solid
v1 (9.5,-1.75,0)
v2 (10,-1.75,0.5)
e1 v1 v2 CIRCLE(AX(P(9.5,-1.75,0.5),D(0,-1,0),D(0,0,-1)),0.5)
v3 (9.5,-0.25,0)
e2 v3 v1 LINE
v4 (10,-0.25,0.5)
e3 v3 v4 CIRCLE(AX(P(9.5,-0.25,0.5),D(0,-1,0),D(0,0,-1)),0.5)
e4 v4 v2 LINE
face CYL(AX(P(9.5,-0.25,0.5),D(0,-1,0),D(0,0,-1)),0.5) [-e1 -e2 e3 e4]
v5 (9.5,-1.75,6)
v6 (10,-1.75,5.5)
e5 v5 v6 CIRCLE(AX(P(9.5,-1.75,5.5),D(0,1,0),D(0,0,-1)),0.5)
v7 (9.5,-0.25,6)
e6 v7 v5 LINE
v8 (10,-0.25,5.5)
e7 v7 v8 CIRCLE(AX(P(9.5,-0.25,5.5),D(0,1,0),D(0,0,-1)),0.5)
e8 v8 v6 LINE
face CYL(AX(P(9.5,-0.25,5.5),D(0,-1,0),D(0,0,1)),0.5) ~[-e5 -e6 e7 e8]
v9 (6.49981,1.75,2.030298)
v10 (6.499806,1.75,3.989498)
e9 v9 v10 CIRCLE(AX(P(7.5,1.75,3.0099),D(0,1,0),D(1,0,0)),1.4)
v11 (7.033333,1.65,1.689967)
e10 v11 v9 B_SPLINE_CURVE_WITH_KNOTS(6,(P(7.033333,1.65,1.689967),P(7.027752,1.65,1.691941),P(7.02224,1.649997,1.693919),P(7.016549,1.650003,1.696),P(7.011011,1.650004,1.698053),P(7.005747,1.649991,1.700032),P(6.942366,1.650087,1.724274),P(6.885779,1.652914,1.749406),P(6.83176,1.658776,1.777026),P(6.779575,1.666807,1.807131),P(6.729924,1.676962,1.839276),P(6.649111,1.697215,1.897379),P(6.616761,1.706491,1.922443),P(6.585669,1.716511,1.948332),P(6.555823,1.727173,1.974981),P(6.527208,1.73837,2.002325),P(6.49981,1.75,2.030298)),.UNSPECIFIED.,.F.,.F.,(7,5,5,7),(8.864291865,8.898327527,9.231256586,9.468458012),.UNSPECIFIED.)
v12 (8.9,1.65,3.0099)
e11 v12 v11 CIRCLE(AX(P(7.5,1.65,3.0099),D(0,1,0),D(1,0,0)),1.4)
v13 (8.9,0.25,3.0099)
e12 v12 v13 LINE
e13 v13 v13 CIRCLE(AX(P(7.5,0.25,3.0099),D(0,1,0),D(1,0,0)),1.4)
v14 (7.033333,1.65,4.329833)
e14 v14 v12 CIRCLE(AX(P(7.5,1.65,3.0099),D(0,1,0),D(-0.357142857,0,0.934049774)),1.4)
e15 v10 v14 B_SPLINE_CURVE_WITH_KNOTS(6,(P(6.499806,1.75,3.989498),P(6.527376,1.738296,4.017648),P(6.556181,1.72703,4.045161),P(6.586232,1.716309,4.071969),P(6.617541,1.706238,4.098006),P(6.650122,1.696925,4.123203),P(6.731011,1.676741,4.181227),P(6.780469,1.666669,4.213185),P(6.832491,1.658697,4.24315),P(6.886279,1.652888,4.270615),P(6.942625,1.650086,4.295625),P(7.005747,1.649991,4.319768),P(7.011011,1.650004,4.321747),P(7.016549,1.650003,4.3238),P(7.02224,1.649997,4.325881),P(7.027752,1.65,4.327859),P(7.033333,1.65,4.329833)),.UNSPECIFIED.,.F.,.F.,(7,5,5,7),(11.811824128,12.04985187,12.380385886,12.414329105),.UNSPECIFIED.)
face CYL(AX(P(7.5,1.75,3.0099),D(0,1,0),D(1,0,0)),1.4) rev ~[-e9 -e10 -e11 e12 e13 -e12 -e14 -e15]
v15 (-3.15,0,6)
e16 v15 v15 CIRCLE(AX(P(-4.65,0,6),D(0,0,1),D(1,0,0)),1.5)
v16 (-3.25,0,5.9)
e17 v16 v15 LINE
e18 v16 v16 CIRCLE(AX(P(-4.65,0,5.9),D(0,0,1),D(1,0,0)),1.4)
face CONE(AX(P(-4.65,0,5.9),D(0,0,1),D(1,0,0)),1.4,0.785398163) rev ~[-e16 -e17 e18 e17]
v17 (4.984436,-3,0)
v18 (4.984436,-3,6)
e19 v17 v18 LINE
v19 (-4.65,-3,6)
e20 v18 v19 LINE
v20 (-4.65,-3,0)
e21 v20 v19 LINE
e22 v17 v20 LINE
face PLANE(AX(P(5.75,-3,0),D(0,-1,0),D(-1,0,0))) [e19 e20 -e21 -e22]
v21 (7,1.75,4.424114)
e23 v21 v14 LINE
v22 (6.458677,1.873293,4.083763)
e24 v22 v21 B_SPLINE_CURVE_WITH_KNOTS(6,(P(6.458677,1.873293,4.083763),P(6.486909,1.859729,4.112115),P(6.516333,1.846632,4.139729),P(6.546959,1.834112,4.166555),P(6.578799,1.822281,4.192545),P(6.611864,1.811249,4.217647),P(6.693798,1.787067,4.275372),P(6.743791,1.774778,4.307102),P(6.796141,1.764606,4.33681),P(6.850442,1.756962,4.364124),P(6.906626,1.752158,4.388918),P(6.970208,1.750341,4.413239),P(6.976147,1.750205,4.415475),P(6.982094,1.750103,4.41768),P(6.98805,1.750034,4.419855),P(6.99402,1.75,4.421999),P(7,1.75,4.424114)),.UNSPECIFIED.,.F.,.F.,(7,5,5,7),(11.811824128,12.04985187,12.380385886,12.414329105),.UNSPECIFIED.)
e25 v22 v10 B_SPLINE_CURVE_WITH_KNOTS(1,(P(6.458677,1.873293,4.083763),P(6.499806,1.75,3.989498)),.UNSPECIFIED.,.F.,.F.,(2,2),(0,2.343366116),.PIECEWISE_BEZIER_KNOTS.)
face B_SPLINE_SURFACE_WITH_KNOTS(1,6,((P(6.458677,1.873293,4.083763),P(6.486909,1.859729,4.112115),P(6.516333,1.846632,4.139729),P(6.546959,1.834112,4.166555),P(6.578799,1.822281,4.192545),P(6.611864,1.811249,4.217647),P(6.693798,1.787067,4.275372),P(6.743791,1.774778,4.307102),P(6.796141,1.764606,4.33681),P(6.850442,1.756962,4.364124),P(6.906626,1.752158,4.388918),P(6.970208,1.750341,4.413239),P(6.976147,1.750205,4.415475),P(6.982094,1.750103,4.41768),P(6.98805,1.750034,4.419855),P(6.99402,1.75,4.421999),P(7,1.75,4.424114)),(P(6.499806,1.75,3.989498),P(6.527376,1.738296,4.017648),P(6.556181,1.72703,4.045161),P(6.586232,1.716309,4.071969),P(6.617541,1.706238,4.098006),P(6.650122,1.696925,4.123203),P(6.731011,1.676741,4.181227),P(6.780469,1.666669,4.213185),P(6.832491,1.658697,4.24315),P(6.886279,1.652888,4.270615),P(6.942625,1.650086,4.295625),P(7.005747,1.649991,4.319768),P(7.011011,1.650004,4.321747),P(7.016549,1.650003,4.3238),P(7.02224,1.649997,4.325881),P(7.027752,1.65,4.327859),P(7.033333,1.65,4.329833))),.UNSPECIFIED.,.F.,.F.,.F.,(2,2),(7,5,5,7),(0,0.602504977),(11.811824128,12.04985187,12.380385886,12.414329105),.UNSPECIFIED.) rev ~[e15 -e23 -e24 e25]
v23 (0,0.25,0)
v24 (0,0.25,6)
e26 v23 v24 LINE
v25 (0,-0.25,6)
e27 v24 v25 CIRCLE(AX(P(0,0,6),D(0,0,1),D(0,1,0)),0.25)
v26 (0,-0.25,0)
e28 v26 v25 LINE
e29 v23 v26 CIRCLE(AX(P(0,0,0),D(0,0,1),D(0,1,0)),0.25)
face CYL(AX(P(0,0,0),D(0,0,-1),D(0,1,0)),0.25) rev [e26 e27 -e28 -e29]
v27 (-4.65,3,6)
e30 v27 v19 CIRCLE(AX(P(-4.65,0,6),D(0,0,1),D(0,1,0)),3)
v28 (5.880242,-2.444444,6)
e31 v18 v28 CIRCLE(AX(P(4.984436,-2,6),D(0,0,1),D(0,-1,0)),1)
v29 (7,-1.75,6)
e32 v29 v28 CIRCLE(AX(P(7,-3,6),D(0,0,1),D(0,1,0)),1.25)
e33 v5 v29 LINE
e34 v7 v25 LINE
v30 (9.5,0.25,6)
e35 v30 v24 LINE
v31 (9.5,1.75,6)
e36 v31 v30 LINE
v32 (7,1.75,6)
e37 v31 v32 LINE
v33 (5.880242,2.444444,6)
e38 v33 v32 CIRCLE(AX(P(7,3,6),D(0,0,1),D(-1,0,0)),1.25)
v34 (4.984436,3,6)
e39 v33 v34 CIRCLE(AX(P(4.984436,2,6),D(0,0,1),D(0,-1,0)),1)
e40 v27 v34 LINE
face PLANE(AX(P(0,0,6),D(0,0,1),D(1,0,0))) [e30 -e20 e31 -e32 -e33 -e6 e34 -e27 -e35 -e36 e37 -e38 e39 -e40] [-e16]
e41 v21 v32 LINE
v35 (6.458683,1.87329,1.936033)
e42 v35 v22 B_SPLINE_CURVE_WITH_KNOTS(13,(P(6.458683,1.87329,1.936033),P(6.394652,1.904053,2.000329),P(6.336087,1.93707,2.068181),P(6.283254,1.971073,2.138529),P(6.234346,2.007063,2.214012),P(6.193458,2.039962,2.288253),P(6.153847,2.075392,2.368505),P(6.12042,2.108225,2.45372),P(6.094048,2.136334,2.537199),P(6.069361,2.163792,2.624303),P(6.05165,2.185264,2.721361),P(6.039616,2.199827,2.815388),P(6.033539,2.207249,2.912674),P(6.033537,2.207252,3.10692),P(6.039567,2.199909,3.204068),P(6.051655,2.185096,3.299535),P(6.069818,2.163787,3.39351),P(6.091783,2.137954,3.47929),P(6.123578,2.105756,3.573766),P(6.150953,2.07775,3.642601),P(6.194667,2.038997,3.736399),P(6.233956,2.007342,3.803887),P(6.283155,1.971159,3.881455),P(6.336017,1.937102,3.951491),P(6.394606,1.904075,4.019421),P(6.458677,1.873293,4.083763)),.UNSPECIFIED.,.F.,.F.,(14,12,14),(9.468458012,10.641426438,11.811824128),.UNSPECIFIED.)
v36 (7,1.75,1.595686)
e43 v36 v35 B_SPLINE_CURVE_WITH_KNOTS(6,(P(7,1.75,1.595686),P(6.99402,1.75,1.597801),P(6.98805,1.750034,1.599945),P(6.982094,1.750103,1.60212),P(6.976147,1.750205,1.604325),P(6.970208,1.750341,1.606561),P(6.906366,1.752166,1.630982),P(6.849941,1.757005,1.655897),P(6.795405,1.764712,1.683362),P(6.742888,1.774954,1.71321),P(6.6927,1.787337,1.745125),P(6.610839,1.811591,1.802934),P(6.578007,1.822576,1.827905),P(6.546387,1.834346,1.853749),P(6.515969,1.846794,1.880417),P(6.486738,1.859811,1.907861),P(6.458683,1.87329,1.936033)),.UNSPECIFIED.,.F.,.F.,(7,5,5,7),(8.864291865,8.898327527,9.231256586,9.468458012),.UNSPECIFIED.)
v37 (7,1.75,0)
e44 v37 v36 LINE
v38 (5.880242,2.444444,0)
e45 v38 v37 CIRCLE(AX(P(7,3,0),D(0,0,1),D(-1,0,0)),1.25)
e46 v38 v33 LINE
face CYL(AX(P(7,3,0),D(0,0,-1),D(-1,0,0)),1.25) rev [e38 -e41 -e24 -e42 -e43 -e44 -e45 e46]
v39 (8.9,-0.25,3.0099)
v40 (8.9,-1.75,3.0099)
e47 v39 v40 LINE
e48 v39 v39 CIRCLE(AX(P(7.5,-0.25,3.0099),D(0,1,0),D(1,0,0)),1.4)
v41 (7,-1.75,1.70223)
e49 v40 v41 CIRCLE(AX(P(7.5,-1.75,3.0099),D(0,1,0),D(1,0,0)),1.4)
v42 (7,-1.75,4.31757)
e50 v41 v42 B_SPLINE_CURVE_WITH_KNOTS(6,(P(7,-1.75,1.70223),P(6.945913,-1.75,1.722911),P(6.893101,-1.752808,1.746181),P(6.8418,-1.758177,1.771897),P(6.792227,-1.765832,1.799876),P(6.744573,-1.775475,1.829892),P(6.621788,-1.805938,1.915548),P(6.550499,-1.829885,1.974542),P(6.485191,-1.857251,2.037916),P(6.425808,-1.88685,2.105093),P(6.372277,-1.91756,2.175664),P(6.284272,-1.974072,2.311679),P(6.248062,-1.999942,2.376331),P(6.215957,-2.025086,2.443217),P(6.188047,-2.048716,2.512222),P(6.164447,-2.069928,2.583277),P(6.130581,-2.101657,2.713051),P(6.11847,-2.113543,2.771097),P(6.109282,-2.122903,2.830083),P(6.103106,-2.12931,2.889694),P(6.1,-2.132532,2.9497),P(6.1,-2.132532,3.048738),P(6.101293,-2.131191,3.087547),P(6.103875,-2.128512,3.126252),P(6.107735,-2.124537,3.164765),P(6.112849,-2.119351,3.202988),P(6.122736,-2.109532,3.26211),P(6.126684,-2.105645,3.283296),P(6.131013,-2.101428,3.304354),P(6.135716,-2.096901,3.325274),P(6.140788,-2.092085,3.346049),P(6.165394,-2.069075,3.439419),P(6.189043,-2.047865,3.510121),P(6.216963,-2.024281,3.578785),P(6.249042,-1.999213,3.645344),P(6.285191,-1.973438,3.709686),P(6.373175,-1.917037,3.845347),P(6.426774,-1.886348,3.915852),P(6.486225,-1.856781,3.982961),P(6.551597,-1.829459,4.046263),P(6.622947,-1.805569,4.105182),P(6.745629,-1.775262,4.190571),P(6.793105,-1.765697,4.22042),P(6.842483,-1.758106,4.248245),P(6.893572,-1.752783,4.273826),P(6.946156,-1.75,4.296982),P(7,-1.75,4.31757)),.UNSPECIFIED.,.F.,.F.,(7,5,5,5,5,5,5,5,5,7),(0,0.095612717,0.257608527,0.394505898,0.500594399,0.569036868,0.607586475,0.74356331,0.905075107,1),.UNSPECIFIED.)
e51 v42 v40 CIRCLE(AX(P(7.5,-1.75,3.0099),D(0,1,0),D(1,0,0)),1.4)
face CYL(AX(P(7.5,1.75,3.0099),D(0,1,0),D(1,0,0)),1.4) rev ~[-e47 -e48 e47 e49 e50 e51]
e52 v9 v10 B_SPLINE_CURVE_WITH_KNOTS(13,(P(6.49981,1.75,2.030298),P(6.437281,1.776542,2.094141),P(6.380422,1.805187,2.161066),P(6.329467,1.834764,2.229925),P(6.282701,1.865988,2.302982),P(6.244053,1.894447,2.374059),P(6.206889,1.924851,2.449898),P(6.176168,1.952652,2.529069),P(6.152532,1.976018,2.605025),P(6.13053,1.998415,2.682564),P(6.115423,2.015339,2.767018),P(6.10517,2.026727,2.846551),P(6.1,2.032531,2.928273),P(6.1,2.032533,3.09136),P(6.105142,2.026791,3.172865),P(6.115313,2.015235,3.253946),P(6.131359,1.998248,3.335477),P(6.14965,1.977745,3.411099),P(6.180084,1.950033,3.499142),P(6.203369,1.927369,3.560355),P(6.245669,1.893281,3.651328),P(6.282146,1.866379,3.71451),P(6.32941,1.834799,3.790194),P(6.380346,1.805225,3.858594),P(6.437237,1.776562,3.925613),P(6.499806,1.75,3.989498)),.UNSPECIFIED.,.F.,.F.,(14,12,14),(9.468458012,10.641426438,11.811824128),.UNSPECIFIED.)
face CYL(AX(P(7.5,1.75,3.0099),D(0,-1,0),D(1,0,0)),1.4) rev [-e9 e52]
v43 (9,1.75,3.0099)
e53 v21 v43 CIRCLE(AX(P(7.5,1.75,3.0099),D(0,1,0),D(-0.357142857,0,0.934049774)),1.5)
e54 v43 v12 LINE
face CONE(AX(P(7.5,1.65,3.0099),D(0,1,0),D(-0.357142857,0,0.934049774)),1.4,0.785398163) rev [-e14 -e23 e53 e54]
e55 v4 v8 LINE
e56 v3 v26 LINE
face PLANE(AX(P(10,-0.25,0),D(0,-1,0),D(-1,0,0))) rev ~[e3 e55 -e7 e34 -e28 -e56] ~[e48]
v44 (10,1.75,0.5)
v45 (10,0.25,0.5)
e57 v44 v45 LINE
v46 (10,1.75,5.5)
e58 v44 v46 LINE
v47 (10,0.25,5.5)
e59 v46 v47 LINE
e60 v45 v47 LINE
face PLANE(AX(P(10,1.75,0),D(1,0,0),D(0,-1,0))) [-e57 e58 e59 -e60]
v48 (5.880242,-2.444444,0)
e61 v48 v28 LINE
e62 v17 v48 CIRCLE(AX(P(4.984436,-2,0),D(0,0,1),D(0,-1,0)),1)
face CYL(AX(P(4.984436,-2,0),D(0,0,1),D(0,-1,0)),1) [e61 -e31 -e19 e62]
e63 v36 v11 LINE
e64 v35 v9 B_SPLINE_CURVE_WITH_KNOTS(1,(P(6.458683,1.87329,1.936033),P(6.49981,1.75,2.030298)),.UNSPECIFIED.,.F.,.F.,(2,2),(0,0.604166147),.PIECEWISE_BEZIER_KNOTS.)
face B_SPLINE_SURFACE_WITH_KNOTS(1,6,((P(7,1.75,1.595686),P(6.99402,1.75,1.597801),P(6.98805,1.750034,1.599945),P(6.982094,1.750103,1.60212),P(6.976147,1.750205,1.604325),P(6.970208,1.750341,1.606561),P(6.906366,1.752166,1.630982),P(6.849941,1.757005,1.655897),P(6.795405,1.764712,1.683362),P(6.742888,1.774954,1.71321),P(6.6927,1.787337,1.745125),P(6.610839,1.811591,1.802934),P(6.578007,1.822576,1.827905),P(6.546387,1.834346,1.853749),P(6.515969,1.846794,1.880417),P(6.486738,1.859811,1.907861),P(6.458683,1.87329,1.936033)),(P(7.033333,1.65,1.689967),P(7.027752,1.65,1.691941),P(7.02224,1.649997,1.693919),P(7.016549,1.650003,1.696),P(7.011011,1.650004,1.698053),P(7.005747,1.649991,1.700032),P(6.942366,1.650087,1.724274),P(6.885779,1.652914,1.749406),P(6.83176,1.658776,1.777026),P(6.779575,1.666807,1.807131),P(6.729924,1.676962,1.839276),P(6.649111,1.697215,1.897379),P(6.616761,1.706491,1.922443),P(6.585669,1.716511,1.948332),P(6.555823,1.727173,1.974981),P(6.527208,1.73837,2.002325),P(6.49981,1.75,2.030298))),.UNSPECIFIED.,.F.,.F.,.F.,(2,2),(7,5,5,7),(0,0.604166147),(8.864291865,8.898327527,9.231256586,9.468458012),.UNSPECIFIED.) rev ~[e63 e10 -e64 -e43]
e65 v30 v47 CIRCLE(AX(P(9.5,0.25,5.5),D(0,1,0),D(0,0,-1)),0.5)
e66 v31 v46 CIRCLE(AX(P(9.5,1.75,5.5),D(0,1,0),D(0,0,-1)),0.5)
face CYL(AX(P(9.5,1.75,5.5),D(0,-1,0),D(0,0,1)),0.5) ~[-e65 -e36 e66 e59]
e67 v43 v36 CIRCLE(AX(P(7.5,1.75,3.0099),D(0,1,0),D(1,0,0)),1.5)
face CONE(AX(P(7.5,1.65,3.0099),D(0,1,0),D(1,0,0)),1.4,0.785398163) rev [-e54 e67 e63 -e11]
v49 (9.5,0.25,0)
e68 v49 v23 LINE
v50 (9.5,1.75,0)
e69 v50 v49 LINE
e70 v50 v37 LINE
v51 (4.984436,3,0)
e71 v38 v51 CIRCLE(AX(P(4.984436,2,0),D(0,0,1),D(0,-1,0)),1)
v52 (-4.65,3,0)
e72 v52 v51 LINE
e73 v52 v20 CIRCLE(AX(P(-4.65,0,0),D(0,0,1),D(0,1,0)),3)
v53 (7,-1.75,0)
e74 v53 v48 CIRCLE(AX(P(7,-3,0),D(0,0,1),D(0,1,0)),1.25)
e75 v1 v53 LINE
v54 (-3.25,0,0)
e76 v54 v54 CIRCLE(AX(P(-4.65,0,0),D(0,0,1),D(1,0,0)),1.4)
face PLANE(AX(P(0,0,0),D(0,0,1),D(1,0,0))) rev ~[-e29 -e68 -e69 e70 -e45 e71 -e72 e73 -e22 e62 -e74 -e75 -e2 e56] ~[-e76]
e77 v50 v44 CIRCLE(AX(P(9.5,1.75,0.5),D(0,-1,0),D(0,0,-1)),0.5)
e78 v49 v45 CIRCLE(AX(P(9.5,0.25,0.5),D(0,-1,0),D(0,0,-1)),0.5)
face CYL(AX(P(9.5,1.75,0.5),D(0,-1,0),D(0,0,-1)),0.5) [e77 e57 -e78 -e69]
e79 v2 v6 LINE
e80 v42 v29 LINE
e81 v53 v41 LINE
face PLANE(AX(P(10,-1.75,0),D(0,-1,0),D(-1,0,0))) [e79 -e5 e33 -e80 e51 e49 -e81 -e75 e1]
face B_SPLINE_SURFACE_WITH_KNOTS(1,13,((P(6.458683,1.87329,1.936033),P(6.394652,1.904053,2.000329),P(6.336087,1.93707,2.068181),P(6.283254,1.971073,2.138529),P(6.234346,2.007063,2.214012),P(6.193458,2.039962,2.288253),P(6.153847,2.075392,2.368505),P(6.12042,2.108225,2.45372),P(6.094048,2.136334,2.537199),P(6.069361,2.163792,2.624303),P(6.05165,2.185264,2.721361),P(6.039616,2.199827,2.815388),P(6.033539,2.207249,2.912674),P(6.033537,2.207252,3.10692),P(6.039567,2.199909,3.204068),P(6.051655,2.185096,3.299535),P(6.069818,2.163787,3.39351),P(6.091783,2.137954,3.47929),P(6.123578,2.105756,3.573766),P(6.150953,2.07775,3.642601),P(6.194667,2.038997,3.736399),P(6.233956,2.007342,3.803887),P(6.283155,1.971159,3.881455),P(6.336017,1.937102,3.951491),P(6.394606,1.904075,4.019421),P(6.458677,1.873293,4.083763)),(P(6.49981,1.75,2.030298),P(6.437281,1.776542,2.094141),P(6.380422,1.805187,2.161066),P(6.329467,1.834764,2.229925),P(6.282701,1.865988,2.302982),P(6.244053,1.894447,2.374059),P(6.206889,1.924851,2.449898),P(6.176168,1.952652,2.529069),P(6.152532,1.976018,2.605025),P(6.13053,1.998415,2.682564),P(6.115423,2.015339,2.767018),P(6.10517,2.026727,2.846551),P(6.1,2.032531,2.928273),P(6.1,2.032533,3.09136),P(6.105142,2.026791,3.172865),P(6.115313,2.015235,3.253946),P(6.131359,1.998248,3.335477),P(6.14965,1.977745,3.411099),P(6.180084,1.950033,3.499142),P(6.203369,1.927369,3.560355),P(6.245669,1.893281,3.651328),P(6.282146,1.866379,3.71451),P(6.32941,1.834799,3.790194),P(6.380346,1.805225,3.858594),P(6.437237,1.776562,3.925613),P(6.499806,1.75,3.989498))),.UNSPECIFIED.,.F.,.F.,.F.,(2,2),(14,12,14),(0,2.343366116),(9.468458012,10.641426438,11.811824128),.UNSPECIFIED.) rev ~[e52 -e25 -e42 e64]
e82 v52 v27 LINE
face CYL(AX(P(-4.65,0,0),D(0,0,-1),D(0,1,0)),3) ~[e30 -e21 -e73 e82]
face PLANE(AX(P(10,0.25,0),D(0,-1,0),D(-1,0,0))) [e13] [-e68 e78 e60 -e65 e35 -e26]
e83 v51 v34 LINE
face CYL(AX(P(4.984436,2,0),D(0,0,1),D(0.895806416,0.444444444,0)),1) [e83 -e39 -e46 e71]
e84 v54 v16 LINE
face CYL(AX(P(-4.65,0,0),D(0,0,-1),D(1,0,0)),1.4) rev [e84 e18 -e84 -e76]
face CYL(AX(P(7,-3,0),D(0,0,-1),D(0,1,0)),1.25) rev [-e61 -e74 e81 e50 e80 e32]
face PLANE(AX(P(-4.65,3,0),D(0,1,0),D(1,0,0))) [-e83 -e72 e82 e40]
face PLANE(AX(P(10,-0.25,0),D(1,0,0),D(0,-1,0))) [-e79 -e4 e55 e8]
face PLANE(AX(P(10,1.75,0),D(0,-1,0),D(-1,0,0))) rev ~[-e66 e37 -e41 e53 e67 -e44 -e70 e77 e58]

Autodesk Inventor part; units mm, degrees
ref_plane "YZ Plane" through (0, 0, 0) normal (1, 0, 0) x (0, 1, 0)
ref_plane "XZ Plane" through (0, 0, 0) normal (0, 1, 0) x (-1, 0, 0)
ref_plane "XY Plane" through (0, 0, 0) normal (0, 0, 1) x (1, 0, 0)
sketch "Sketch1" plane through (0, 0, 0) normal (0, 0, 1) x (1, 0, 0)
  line L0 (0, 0) -> (0, 0.56) construction
  line L1 (0, 0) -> (-1.0158, 0) construction
  line L2 (-4.65, 3) -> (5.75, 3)
  line L3 (5.75, -3) -> (-4.65, -3)
  line L4 (10, 0.25) -> (0, 0.25)
  line L5 (10, -0.25) -> (0, -0.25)
  arc A0 (0, 0.25) -> (0, -0.25) centre (0, 0) ccw
  line L6 (10, 1.75) -> (7, 1.75)
  line L7 (10, -1.75) -> (7, -1.75)
  arc A1 (-4.65, 3) -> (-4.65, -3) centre (-4.65, 0) ccw
  circle A2 centre (-4.65, 0) radius 1.4
  line L8 (10, 1.75) -> (10, 0.25)
  line L9 (10, -0.25) -> (10, -1.75)
  arc A3 (5.75, 3) -> (7, 1.75) centre (7, 3) ccw
  arc A4 (7, -1.75) -> (5.75, -3) centre (7, -3) ccw
  dimension "d2" = 0.5
  dimension "d5" = 2.8
  dimension "d6" = 6
  dimension "d8" = 10
  dimension "d9" = 1.5
  dimension "d10" = 3
  dimension "d12" = 3
extrude "Extrusion1" add sketch "Sketch1" along normal blind 6
sketch "Sketch2" plane through (7, 1.75, 0) normal (0, 1, 0) x (1, 0, 0)
  circle A0 centre (0.5, -3.0099) radius 1.4
  line L0 (3, 0) -> (3, -6) projected
  point P0 (-7, 0)
  dimension "d15" = 2.8
  dimension "d16" = 2.5
extrude "Extrusion2" cut sketch "Sketch2" along normal through all both and the other way through all
fillet "Fillet1" radius 0.5 1 edges at (10, 1, 6)
fillet "Fillet2" radius 0.5 1 edges at (10, -1, 6)
fillet "Fillet3" radius 0.5 1 edges at (10, 1, 0)
fillet "Fillet4" radius 0.5 1 edges at (10, -1, 0)
fillet "Fillet5" radius 1 1 edges at (5.75, 3, 3)
fillet "Fillet6" radius 1 1 edges at (5.75, -3, 3)
chamfer "Chamfer1" distance 0.1 angle 45 1 edges at (-6.05, 0, 6)
chamfer "Chamfer2" distance 0.1 angle 45 3 edges at (6.1, 2.1325, 3.0079) (8.2937, 1.75, 1.8567) (8.2937, 1.75, 4.1632)
equation "\"d17\" = d15"
properties part number "StringClamp"
